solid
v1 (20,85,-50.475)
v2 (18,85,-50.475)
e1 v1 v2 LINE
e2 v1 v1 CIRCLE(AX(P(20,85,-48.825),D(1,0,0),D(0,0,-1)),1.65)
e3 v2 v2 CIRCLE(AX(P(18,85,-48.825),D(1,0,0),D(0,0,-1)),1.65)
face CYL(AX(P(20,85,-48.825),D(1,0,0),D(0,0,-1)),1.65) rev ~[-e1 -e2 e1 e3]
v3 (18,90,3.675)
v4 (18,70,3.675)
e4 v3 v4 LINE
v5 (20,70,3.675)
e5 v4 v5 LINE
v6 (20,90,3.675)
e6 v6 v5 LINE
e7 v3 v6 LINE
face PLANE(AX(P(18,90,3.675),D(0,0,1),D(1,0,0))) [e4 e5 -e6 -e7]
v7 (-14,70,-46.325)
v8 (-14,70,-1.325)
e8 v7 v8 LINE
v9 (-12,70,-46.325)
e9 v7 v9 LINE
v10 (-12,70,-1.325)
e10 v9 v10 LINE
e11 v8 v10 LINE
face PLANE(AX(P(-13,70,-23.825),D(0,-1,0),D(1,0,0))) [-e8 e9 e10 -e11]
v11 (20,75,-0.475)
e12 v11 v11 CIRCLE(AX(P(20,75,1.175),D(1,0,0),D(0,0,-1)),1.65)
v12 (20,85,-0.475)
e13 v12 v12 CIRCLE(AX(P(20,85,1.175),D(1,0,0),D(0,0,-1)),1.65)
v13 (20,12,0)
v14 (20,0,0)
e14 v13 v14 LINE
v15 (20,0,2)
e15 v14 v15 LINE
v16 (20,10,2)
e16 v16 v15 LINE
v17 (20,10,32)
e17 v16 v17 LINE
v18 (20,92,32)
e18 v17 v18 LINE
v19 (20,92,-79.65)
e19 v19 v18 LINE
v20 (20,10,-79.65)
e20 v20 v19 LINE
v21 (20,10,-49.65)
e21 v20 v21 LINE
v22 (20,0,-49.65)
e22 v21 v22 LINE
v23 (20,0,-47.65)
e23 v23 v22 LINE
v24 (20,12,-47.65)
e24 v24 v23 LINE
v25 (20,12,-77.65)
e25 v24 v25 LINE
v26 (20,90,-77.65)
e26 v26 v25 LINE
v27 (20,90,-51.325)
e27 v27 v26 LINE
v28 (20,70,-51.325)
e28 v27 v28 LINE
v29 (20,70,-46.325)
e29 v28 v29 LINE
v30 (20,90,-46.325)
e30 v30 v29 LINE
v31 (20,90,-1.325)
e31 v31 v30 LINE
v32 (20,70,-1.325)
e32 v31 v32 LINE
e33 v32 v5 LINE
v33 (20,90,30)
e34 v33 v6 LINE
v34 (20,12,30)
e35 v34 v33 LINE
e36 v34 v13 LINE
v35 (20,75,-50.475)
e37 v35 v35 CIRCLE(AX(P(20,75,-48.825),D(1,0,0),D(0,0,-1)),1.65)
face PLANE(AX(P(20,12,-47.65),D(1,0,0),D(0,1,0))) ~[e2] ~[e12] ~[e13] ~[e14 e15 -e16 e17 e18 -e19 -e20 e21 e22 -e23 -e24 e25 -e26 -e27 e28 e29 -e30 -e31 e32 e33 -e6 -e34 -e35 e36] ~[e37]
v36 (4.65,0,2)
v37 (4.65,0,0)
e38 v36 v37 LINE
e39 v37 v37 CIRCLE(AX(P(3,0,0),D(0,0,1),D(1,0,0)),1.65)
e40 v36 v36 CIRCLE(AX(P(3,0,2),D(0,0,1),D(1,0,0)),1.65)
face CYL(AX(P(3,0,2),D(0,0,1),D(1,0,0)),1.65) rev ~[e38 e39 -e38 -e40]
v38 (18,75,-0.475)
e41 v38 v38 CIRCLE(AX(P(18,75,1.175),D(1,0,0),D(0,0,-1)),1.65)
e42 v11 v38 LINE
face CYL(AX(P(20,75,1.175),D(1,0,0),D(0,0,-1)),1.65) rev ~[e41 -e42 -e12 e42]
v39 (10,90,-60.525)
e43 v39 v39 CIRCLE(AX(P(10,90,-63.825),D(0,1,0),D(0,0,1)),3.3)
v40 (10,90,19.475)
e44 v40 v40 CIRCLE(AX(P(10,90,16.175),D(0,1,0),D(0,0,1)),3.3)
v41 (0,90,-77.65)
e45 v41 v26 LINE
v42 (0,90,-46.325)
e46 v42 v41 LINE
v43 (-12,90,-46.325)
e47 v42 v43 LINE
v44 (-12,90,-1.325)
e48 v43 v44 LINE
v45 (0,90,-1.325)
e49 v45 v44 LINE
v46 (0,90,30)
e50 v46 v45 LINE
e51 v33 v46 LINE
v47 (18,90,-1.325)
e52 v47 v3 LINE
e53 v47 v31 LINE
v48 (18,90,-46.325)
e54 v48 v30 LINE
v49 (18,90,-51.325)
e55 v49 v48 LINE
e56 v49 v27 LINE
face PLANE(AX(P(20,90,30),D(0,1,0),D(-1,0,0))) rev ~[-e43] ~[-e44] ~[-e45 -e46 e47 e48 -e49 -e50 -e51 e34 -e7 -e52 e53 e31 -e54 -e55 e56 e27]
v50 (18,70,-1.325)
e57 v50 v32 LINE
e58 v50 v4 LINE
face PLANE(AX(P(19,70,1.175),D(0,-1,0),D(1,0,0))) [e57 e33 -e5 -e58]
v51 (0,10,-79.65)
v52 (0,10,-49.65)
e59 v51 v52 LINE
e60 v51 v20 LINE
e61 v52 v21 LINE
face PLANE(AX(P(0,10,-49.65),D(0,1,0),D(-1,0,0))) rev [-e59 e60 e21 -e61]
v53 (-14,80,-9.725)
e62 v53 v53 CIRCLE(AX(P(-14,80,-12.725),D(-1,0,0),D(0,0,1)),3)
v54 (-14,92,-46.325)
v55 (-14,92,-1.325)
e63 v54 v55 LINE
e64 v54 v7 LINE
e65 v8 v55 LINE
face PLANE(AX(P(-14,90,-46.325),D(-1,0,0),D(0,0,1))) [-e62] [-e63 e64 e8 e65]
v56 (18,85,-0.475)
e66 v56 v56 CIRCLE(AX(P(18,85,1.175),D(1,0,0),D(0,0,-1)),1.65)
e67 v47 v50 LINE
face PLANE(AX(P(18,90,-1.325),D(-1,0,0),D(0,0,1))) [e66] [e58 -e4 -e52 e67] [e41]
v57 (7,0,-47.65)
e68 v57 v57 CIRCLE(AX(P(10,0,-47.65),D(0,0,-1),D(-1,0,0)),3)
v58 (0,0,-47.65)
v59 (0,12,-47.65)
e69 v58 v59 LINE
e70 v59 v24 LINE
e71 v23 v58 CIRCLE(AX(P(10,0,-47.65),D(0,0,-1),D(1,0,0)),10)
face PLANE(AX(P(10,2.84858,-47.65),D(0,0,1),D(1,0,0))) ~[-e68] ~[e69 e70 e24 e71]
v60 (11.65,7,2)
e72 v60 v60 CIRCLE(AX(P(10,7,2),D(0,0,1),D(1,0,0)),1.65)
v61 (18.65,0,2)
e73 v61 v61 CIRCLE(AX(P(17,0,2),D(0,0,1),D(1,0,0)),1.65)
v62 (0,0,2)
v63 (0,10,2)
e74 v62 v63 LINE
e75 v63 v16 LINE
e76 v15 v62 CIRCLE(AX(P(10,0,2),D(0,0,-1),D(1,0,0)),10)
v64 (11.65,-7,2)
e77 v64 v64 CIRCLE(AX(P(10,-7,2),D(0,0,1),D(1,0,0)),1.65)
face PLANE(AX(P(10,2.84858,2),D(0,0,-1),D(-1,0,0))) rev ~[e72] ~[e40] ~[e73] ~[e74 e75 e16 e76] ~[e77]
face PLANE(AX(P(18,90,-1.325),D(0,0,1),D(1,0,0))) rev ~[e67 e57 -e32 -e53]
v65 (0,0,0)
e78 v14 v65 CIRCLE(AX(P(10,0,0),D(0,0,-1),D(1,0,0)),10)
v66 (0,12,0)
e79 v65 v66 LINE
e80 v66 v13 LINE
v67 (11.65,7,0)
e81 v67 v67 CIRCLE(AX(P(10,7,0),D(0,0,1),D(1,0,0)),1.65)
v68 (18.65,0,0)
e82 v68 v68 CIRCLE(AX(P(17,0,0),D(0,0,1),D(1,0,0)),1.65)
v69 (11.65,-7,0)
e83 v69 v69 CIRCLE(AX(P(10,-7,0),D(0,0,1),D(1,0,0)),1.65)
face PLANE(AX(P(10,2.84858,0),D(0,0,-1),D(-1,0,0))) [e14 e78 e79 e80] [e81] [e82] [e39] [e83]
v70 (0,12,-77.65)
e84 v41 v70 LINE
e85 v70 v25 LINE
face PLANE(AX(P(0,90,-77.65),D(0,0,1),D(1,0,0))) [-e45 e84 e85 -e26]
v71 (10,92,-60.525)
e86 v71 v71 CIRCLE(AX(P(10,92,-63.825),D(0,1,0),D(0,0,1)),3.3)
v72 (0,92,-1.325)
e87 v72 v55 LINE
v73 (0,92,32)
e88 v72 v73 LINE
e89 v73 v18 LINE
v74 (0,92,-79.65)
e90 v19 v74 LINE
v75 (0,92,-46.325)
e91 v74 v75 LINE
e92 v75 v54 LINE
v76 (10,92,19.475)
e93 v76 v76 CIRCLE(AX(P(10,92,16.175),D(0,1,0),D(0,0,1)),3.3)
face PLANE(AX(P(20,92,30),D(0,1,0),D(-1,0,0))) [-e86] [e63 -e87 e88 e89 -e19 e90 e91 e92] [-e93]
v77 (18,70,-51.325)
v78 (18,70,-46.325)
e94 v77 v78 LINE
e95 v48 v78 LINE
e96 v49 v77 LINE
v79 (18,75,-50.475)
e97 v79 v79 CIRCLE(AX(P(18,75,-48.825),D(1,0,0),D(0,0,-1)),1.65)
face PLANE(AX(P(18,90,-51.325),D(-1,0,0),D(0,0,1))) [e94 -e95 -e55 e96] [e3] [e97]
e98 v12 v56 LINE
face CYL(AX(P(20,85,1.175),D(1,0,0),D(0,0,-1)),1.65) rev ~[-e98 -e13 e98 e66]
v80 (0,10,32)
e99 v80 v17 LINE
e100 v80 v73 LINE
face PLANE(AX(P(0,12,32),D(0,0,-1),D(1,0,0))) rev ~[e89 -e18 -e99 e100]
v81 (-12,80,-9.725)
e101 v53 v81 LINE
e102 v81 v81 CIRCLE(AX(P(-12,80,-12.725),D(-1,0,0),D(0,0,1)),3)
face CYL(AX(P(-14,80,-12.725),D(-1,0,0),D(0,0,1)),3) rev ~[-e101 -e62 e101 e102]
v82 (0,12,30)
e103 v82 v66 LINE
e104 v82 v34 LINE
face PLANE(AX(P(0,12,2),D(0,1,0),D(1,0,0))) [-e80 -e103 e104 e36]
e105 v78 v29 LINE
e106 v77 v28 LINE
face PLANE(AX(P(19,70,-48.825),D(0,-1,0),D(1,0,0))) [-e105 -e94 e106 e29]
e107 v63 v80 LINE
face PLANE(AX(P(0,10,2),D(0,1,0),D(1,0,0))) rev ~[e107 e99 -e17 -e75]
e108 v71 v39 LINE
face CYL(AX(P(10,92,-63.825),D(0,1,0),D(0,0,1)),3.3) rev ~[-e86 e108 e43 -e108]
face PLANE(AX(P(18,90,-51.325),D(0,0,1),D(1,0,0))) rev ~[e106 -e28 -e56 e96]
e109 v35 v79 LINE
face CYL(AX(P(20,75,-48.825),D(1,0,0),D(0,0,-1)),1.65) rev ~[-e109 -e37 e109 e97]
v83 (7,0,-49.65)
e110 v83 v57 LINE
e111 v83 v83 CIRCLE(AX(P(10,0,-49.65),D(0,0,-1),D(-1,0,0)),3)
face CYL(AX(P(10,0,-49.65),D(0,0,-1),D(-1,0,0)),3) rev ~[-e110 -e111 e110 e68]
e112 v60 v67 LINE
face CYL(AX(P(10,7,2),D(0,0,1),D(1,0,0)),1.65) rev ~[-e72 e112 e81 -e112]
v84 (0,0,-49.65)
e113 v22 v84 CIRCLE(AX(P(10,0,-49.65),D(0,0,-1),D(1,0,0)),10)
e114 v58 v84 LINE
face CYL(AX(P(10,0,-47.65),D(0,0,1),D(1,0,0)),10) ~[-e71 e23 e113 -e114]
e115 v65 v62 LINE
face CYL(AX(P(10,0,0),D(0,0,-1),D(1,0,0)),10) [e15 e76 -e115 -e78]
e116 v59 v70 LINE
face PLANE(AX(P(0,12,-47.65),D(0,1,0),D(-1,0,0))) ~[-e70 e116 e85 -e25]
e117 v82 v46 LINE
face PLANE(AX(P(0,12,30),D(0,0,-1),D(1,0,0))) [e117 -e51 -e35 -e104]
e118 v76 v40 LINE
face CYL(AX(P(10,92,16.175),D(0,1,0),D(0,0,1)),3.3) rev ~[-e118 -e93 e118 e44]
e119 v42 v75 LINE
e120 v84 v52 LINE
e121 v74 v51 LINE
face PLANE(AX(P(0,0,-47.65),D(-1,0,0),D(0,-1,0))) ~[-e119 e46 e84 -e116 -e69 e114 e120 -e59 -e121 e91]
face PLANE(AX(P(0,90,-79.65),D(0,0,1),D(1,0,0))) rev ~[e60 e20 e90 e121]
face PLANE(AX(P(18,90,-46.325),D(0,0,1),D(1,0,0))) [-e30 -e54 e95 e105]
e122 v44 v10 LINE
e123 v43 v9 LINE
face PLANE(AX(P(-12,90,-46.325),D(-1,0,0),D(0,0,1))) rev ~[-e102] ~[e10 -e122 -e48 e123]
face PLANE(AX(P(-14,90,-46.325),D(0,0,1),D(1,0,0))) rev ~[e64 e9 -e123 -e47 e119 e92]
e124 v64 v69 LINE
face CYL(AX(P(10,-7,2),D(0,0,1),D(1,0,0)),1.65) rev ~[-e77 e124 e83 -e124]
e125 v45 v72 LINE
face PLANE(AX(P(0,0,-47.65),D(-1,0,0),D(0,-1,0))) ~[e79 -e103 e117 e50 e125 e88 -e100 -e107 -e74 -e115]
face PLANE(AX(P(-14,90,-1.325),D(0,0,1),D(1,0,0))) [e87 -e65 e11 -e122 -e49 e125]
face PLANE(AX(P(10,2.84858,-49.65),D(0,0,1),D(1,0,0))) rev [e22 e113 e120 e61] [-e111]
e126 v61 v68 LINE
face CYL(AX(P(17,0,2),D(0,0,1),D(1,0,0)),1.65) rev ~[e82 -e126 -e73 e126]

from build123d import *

# Parameters (mm, degrees)
EXTRUDE_1_DEPTH     = 2
SKETCH_2_R          = 1.65
CUT_EXTRUDE_1_DEPTH = 2
SKETCH_3_W          = 20
SKETCH_3_H          = 2
EXTRUDE_2_DEPTH     = 30
SKETCH_4_W          = 20
SKETCH_4_H          = 2
EXTRUDE_3_DEPTH     = 80
SKETCH_5_W          = 20
SKETCH_5_H          = 2
EXTRUDE_4_DEPTH     = 109.65
SKETCH_6_W          = 20
SKETCH_6_H          = 2
EXTRUDE_5_DEPTH     = 80
CUT_EXTRUDE_2_REACH = 126.622
SKETCH_8_R          = 3
SKETCH_9_W          = 2
SKETCH_9_H          = 5
EXTRUDE_6_DEPTH     = 20
SKETCH_10_R         = 1.65
CUT_EXTRUDE_3_DEPTH = 20
SKETCH_11_R         = 3.3
CUT_EXTRUDE_4_DEPTH = 10
SKETCH_12_W         = 45
SKETCH_12_H         = 2
EXTRUDE_7_DEPTH     = 14
SKETCH_13_W         = 2
SKETCH_13_H         = 45
EXTRUDE_8_DEPTH     = 20
SKETCH_14_R         = 3
CUT_EXTRUDE_6_DEPTH = 20


with BuildPart() as part:
    # 草图1 → 凸台-拉伸1 (new body)
    with BuildSketch(Plane.XY):
        with BuildLine():
            Line((0, 0), (0, 12))
            Line((0, 12), (20, 12))
            Line((20, 12), (20, 0))
            ThreePointArc((20, 0), (10, -10), (0, 0))
        make_face()
    extrude_1 = extrude(amount=EXTRUDE_1_DEPTH)

    # 草图2 → 切除-拉伸1 (cut)
    with BuildSketch(Plane.XY.offset(2)):
        with Locations((17, 0)):
            Circle(SKETCH_2_R)
        with Locations((10, -7)):
            Circle(SKETCH_2_R)
        with Locations((3, 0)):
            Circle(SKETCH_2_R)
        with Locations((10, 7)):
            Circle(SKETCH_2_R)
    extrude(amount=-CUT_EXTRUDE_1_DEPTH, mode=Mode.SUBTRACT)

    # 草图3 → 凸台-拉伸2 (add)
    with BuildSketch(Plane.XY.offset(2)):
        with Locations((10, 11)):
            Rectangle(SKETCH_3_W, SKETCH_3_H)
    extrude_2 = extrude(amount=EXTRUDE_2_DEPTH)

    # 草图4 → 凸台-拉伸3 (add)
    with BuildSketch(Plane(origin=(0, 12, 0), x_dir=(1, 0, 0), z_dir=(0, 1, 0))):
        with Locations((10, -31)):
            Rectangle(SKETCH_4_W, SKETCH_4_H)
    extrude(amount=EXTRUDE_3_DEPTH)

    # 草图5 → 凸台-拉伸4 (add)
    with BuildSketch(Plane(origin=(0, 0, 30), x_dir=(-1, 0, 0), z_dir=(0, 0, -1))):
        with Locations((-10, 91)):
            Rectangle(SKETCH_5_W, SKETCH_5_H)
    extrude(amount=EXTRUDE_4_DEPTH)

    # 草图6 → 凸台-拉伸5 (add)
    with BuildSketch(Plane.XZ.offset(-90)):
        with Locations((10, -78.65)):
            Rectangle(SKETCH_6_W, SKETCH_6_H)
    extrude(amount=EXTRUDE_5_DEPTH)

    # 镜向2: 凸台-拉伸2 across plane
    add(extrude_2.mirror(Plane.XY.offset(-23.825)))

    # 镜向3: 凸台-拉伸1 across plane
    add(extrude_1.mirror(Plane.XY.offset(-23.825)))

    # 草图8 → 切除-拉伸2 (cut, up to next)
    with BuildSketch(Plane(origin=(0, 0, -49.65), x_dir=(-1, 0, 0), z_dir=(0, 0, -1)), mode=Mode.PRIVATE) as cut_extrude_2_sk1:
        with Locations((-10, 0)):
            Circle(SKETCH_8_R)
    cut_extrude_2_tool1 = extrude(cut_extrude_2_sk1.sketch, amount=-CUT_EXTRUDE_2_REACH, mode=Mode.PRIVATE) & part.part
    add(cut_extrude_2_tool1.solids().sort_by_distance((10, 0, -49.65))[0], mode=Mode.SUBTRACT)

    # 草图9 → 凸台-拉伸6 (add)
    with BuildSketch(Plane.XZ.offset(-90)):
        with Locations((19, 1.175)):
            Rectangle(SKETCH_9_W, SKETCH_9_H)
        with Locations((19, -48.825)):
            Rectangle(SKETCH_9_W, SKETCH_9_H)
    extrude(amount=EXTRUDE_6_DEPTH)

    # 草图10 → 切除-拉伸3 (cut)
    with BuildSketch(Plane(origin=(20, 0, 0), x_dir=(0, 0, -1), z_dir=(1, 0, 0))):
        with Locations((-1.175, 75)):
            Circle(SKETCH_10_R)
        with Locations((-1.175, 85)):
            Circle(SKETCH_10_R)
        with Locations((48.825, 75)):
            Circle(SKETCH_10_R)
        with Locations((48.825, 85)):
            Circle(SKETCH_10_R)
    extrude(amount=-CUT_EXTRUDE_3_DEPTH, mode=Mode.SUBTRACT)

    # 草图11 → 切除-拉伸4 (cut)
    with BuildSketch(Plane(origin=(0, 92, 0), x_dir=(1, 0, 0), z_dir=(0, 1, 0))):
        with Locations(Location((10, 63.825, 0), (0, 0, 270))):
            Circle(SKETCH_11_R)
        with Locations(Location((10, -16.175, 0), (0, 0, 270))):
            Circle(SKETCH_11_R)
    extrude(amount=-CUT_EXTRUDE_4_DEPTH, mode=Mode.SUBTRACT)

    # 草图12 → 凸台-拉伸7 (add)
    with BuildSketch(Plane.ZY):
        with Locations((-23.825, 91)):
            Rectangle(SKETCH_12_W, SKETCH_12_H)
    extrude(amount=EXTRUDE_7_DEPTH)

    # 草图13 → 凸台-拉伸8 (add)
    with BuildSketch(Plane.XZ.offset(-90)):
        with Locations((-13, -23.825)):
            Rectangle(SKETCH_13_W, SKETCH_13_H)
    extrude(amount=EXTRUDE_8_DEPTH)

    # 草图14 → 切除-拉伸6 (cut)
    with BuildSketch(Plane.ZY.offset(14)):
        with Locations((-12.725, 80)):
            Circle(SKETCH_14_R)
    extrude(amount=-CUT_EXTRUDE_6_DEPTH, mode=Mode.SUBTRACT)


solid = part.part
